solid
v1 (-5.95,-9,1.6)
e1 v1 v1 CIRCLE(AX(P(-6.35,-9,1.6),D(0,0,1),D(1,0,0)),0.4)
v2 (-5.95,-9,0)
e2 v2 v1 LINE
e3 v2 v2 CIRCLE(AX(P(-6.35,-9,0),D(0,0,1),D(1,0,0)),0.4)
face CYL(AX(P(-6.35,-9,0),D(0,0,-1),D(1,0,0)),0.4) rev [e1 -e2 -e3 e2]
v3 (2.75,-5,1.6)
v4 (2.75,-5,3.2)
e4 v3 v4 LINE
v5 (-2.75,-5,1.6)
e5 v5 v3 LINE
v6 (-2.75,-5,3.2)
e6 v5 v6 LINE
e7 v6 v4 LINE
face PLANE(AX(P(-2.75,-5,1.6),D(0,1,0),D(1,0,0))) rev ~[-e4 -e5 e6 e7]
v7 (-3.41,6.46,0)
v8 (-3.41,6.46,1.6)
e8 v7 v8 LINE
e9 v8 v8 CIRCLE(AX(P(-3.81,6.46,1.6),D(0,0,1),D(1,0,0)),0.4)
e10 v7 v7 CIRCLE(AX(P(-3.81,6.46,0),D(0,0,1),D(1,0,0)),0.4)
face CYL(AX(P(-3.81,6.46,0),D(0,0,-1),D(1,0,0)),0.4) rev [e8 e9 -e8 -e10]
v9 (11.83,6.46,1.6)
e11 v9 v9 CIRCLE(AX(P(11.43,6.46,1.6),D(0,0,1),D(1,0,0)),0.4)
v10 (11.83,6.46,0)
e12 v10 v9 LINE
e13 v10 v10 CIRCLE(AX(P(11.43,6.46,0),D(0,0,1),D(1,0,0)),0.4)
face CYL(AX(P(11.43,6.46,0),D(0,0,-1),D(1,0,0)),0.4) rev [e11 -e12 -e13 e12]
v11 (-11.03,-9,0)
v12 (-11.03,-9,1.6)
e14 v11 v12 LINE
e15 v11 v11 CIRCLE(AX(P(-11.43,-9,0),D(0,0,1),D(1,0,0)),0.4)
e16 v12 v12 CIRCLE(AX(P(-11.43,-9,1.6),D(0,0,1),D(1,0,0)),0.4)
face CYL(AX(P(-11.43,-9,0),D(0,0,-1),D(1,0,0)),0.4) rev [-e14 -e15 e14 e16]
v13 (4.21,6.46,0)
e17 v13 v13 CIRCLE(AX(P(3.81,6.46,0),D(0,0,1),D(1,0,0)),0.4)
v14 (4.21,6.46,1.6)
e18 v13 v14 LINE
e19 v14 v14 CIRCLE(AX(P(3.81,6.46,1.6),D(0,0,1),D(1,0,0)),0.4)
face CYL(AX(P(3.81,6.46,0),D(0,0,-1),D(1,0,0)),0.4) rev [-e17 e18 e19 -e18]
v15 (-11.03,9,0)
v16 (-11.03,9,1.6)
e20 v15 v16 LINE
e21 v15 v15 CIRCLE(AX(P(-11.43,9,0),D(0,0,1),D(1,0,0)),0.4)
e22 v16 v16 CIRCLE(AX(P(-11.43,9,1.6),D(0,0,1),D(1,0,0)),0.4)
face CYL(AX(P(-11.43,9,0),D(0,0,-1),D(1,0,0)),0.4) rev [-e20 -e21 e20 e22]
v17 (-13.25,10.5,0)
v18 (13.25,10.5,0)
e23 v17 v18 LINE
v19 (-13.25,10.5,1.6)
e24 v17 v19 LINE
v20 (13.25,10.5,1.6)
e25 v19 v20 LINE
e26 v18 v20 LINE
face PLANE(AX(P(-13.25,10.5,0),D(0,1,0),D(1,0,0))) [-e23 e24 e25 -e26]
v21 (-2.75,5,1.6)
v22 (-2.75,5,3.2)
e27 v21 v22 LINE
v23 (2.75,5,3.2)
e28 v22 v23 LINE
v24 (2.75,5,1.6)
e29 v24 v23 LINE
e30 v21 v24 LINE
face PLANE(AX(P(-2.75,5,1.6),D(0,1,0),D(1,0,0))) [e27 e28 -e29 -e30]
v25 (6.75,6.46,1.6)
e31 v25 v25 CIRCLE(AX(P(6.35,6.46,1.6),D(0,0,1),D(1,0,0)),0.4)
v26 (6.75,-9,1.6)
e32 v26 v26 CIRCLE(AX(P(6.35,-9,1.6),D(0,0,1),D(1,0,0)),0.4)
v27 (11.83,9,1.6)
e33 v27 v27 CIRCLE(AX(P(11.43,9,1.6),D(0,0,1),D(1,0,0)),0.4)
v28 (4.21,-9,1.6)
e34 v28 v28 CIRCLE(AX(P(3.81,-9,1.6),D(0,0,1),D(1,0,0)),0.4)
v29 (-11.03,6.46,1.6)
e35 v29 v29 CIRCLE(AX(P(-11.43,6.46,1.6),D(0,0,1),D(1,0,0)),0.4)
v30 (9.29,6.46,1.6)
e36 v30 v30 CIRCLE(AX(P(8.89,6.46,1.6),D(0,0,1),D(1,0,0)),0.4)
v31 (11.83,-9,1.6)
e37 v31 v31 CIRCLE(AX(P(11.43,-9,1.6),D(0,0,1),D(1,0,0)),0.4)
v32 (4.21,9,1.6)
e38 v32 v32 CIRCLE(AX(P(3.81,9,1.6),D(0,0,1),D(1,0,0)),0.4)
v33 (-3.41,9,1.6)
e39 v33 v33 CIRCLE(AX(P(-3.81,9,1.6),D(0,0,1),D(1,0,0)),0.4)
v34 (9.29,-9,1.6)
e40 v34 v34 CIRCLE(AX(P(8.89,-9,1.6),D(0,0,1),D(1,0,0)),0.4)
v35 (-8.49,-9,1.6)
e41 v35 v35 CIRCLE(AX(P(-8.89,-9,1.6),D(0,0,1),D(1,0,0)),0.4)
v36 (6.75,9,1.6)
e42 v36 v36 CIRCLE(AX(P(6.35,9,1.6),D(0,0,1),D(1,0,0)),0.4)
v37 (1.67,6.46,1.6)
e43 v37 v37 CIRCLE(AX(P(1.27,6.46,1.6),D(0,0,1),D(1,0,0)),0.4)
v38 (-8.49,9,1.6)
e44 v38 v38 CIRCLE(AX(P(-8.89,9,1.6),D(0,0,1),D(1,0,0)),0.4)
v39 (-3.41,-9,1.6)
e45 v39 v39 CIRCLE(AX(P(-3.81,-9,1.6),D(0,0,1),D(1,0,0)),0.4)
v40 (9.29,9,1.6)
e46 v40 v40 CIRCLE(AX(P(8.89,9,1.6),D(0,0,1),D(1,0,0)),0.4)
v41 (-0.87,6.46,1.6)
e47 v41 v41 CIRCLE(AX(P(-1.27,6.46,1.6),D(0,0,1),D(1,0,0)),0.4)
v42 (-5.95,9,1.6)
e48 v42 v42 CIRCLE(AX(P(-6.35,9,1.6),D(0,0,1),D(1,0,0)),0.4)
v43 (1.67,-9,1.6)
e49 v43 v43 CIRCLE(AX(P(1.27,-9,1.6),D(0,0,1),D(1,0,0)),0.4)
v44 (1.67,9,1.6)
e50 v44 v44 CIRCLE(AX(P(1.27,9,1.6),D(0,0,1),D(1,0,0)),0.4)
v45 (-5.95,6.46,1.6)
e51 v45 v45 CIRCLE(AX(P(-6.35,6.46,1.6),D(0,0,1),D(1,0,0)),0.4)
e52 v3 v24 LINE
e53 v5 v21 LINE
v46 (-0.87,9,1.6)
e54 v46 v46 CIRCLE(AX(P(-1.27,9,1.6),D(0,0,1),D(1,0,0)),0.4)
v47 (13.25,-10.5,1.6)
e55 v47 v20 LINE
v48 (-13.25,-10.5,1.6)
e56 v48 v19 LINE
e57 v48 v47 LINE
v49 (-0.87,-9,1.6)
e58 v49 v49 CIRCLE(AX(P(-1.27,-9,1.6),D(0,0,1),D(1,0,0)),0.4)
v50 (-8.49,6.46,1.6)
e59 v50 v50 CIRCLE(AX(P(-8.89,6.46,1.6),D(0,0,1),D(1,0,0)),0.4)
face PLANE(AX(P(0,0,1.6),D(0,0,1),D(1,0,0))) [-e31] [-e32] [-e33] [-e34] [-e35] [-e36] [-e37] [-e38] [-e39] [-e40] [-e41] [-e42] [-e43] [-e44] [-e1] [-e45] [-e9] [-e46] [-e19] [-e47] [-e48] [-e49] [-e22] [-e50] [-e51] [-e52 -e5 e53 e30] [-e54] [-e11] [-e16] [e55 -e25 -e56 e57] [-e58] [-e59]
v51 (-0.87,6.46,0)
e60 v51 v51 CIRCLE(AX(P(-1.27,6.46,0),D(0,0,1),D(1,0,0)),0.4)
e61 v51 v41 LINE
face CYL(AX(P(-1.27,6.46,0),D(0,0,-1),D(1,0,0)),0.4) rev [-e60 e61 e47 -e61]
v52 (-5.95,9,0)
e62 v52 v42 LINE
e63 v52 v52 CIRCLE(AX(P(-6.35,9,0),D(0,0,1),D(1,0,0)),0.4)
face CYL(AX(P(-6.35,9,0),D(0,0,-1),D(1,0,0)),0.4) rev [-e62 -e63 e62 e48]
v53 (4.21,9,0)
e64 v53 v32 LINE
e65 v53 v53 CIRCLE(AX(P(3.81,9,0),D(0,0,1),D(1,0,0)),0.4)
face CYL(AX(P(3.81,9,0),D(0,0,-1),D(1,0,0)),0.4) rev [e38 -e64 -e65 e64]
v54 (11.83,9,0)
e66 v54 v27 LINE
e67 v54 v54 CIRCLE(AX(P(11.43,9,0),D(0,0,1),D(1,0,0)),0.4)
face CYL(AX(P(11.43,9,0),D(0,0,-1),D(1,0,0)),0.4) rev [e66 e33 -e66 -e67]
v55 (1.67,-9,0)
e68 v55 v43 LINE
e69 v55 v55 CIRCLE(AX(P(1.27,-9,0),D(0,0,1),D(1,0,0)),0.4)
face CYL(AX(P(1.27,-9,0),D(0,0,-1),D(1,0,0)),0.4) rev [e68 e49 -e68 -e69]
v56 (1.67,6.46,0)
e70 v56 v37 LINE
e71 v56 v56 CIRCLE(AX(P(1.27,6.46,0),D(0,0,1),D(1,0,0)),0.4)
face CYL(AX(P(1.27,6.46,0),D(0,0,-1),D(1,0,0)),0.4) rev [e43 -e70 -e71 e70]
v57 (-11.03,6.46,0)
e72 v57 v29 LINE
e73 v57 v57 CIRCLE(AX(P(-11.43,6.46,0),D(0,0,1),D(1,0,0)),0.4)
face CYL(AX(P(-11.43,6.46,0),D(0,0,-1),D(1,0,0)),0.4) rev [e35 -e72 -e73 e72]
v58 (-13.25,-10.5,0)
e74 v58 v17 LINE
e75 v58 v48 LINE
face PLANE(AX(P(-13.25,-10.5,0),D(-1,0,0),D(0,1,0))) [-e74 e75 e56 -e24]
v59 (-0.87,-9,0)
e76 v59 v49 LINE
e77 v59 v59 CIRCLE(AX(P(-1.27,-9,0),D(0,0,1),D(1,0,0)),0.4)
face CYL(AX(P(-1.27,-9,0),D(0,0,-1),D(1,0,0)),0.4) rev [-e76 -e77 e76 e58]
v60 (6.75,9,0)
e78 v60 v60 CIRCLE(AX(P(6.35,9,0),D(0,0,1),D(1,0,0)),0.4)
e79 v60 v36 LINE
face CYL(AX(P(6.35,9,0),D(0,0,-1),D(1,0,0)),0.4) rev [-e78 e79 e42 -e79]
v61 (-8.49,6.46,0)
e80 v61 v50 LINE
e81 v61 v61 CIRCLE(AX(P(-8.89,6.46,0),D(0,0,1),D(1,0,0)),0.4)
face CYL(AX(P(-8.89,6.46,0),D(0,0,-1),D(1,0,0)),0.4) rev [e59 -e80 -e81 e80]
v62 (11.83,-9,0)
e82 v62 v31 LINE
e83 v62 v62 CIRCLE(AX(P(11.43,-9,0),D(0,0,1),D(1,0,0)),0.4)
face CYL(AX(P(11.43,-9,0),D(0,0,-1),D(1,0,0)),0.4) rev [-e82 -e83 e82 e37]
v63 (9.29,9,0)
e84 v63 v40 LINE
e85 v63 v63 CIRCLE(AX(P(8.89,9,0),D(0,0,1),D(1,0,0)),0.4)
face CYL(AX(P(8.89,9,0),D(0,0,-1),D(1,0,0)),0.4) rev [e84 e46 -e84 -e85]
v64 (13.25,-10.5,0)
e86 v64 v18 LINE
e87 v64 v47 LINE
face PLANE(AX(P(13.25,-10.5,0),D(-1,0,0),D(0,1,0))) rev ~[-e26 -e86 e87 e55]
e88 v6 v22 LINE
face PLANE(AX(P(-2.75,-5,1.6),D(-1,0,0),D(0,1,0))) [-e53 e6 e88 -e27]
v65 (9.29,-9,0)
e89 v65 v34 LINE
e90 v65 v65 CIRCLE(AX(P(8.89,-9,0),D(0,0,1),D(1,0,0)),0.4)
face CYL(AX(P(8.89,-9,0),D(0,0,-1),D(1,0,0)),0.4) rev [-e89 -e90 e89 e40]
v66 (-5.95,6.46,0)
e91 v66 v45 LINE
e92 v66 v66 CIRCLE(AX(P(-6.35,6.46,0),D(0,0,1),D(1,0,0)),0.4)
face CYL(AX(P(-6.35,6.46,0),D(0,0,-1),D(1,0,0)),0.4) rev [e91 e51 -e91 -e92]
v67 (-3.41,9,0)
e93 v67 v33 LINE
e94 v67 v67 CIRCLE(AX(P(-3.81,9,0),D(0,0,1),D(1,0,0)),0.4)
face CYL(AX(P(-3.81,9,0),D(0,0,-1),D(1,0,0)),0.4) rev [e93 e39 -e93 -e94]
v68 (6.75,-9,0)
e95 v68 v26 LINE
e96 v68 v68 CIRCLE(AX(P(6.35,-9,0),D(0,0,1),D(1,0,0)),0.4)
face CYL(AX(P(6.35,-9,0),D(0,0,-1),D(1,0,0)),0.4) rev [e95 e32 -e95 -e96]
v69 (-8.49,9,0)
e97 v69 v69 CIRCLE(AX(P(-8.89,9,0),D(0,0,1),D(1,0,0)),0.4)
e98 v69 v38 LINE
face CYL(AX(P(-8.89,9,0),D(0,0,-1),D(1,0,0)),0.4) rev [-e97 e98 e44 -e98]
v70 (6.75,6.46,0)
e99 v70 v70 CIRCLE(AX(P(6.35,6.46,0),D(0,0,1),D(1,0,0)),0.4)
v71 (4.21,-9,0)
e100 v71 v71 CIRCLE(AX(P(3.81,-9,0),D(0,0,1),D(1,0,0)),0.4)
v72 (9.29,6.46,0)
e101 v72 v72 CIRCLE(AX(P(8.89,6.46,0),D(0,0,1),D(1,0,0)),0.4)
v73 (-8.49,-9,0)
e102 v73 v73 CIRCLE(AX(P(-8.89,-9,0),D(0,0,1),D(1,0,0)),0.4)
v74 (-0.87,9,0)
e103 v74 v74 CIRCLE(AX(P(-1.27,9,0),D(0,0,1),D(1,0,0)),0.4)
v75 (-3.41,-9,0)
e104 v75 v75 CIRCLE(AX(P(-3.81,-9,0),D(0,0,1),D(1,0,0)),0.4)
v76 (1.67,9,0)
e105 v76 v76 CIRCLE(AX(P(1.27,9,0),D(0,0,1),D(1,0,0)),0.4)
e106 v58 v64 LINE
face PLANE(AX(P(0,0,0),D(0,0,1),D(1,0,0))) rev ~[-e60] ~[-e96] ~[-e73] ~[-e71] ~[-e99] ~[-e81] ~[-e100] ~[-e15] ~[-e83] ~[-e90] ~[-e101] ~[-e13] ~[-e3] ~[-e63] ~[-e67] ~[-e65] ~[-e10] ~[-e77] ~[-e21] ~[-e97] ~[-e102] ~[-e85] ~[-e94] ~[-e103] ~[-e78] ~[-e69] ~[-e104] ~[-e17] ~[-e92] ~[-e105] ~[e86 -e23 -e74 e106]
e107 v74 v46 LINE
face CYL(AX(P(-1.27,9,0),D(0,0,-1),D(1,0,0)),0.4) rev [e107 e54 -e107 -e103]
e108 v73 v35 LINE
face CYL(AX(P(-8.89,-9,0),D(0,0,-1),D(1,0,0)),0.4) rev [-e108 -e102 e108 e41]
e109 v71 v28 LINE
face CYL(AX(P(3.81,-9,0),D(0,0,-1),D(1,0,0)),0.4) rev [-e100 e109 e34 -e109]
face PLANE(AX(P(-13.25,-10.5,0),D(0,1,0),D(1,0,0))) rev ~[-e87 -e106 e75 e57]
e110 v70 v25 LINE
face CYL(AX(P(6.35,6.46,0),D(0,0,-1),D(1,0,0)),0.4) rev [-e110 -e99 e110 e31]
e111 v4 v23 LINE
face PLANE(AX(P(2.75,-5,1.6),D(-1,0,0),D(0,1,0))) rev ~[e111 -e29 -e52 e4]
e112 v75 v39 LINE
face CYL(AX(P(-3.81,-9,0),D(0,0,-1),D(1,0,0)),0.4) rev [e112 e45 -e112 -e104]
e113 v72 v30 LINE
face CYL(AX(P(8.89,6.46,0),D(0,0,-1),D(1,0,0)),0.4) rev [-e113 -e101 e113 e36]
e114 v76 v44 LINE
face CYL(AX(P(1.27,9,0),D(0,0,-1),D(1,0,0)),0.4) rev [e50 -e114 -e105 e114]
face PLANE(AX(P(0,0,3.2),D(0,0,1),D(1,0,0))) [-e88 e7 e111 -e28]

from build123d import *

# Parameters (mm, degrees)
SKETCH_1_W      = 26.5
SKETCH_1_H      = 21
SKETCH_1_R      = 0.4
EXTRUDE_1_DEPTH = 1.6
SKETCH_2_W      = 5.5
SKETCH_2_H      = 10
EXTRUDE_2_DEPTH = 1.6


with BuildPart() as part:
    # Эскиз1 → Бобышка-Вытянуть1 (new body)
    with BuildSketch(Plane.XY):
        Rectangle(SKETCH_1_W, SKETCH_1_H)
        with Locations((-11.43, -9)):
            Circle(SKETCH_1_R, mode=Mode.SUBTRACT)
        with Locations((-8.89, -9)):
            Circle(SKETCH_1_R, mode=Mode.SUBTRACT)
        with Locations((-6.35, -9)):
            Circle(SKETCH_1_R, mode=Mode.SUBTRACT)
        with Locations((-3.81, -9)):
            Circle(SKETCH_1_R, mode=Mode.SUBTRACT)
        with Locations((-1.27, -9)):
            Circle(SKETCH_1_R, mode=Mode.SUBTRACT)
        with Locations((1.27, -9)):
            Circle(SKETCH_1_R, mode=Mode.SUBTRACT)
        with Locations((3.81, -9)):
            Circle(SKETCH_1_R, mode=Mode.SUBTRACT)
        with Locations((6.35, -9)):
            Circle(SKETCH_1_R, mode=Mode.SUBTRACT)
        with Locations((8.89, -9)):
            Circle(SKETCH_1_R, mode=Mode.SUBTRACT)
        with Locations((11.43, -9)):
            Circle(SKETCH_1_R, mode=Mode.SUBTRACT)
        with Locations((-11.43, 9)):
            Circle(SKETCH_1_R, mode=Mode.SUBTRACT)
        with Locations((-8.89, 9)):
            Circle(SKETCH_1_R, mode=Mode.SUBTRACT)
        with Locations((-6.35, 9)):
            Circle(SKETCH_1_R, mode=Mode.SUBTRACT)
        with Locations((-3.81, 9)):
            Circle(SKETCH_1_R, mode=Mode.SUBTRACT)
        with Locations((-1.27, 9)):
            Circle(SKETCH_1_R, mode=Mode.SUBTRACT)
        with Locations((1.27, 9)):
            Circle(SKETCH_1_R, mode=Mode.SUBTRACT)
        with Locations((3.81, 9)):
            Circle(SKETCH_1_R, mode=Mode.SUBTRACT)
        with Locations((6.35, 9)):
            Circle(SKETCH_1_R, mode=Mode.SUBTRACT)
        with Locations((8.89, 9)):
            Circle(SKETCH_1_R, mode=Mode.SUBTRACT)
        with Locations((11.43, 9)):
            Circle(SKETCH_1_R, mode=Mode.SUBTRACT)
        with Locations((-8.89, 6.46)):
            Circle(SKETCH_1_R, mode=Mode.SUBTRACT)
        with Locations((-6.35, 6.46)):
            Circle(SKETCH_1_R, mode=Mode.SUBTRACT)
        with Locations((-3.81, 6.46)):
            Circle(SKETCH_1_R, mode=Mode.SUBTRACT)
        with Locations((-1.27, 6.46)):
            Circle(SKETCH_1_R, mode=Mode.SUBTRACT)
        with Locations((1.27, 6.46)):
            Circle(SKETCH_1_R, mode=Mode.SUBTRACT)
        with Locations((3.81, 6.46)):
            Circle(SKETCH_1_R, mode=Mode.SUBTRACT)
        with Locations((6.35, 6.46)):
            Circle(SKETCH_1_R, mode=Mode.SUBTRACT)
        with Locations((8.89, 6.46)):
            Circle(SKETCH_1_R, mode=Mode.SUBTRACT)
        with Locations((11.43, 6.46)):
            Circle(SKETCH_1_R, mode=Mode.SUBTRACT)
        with Locations((-11.43, 6.46)):
            Circle(SKETCH_1_R, mode=Mode.SUBTRACT)
    extrude(amount=EXTRUDE_1_DEPTH)

    # Эскиз2 → Бобышка-Вытянуть2 (add)
    with BuildSketch(Plane.XY.offset(1.6)):
        Rectangle(SKETCH_2_W, SKETCH_2_H)
    extrude(amount=EXTRUDE_2_DEPTH)


solid = part.part
